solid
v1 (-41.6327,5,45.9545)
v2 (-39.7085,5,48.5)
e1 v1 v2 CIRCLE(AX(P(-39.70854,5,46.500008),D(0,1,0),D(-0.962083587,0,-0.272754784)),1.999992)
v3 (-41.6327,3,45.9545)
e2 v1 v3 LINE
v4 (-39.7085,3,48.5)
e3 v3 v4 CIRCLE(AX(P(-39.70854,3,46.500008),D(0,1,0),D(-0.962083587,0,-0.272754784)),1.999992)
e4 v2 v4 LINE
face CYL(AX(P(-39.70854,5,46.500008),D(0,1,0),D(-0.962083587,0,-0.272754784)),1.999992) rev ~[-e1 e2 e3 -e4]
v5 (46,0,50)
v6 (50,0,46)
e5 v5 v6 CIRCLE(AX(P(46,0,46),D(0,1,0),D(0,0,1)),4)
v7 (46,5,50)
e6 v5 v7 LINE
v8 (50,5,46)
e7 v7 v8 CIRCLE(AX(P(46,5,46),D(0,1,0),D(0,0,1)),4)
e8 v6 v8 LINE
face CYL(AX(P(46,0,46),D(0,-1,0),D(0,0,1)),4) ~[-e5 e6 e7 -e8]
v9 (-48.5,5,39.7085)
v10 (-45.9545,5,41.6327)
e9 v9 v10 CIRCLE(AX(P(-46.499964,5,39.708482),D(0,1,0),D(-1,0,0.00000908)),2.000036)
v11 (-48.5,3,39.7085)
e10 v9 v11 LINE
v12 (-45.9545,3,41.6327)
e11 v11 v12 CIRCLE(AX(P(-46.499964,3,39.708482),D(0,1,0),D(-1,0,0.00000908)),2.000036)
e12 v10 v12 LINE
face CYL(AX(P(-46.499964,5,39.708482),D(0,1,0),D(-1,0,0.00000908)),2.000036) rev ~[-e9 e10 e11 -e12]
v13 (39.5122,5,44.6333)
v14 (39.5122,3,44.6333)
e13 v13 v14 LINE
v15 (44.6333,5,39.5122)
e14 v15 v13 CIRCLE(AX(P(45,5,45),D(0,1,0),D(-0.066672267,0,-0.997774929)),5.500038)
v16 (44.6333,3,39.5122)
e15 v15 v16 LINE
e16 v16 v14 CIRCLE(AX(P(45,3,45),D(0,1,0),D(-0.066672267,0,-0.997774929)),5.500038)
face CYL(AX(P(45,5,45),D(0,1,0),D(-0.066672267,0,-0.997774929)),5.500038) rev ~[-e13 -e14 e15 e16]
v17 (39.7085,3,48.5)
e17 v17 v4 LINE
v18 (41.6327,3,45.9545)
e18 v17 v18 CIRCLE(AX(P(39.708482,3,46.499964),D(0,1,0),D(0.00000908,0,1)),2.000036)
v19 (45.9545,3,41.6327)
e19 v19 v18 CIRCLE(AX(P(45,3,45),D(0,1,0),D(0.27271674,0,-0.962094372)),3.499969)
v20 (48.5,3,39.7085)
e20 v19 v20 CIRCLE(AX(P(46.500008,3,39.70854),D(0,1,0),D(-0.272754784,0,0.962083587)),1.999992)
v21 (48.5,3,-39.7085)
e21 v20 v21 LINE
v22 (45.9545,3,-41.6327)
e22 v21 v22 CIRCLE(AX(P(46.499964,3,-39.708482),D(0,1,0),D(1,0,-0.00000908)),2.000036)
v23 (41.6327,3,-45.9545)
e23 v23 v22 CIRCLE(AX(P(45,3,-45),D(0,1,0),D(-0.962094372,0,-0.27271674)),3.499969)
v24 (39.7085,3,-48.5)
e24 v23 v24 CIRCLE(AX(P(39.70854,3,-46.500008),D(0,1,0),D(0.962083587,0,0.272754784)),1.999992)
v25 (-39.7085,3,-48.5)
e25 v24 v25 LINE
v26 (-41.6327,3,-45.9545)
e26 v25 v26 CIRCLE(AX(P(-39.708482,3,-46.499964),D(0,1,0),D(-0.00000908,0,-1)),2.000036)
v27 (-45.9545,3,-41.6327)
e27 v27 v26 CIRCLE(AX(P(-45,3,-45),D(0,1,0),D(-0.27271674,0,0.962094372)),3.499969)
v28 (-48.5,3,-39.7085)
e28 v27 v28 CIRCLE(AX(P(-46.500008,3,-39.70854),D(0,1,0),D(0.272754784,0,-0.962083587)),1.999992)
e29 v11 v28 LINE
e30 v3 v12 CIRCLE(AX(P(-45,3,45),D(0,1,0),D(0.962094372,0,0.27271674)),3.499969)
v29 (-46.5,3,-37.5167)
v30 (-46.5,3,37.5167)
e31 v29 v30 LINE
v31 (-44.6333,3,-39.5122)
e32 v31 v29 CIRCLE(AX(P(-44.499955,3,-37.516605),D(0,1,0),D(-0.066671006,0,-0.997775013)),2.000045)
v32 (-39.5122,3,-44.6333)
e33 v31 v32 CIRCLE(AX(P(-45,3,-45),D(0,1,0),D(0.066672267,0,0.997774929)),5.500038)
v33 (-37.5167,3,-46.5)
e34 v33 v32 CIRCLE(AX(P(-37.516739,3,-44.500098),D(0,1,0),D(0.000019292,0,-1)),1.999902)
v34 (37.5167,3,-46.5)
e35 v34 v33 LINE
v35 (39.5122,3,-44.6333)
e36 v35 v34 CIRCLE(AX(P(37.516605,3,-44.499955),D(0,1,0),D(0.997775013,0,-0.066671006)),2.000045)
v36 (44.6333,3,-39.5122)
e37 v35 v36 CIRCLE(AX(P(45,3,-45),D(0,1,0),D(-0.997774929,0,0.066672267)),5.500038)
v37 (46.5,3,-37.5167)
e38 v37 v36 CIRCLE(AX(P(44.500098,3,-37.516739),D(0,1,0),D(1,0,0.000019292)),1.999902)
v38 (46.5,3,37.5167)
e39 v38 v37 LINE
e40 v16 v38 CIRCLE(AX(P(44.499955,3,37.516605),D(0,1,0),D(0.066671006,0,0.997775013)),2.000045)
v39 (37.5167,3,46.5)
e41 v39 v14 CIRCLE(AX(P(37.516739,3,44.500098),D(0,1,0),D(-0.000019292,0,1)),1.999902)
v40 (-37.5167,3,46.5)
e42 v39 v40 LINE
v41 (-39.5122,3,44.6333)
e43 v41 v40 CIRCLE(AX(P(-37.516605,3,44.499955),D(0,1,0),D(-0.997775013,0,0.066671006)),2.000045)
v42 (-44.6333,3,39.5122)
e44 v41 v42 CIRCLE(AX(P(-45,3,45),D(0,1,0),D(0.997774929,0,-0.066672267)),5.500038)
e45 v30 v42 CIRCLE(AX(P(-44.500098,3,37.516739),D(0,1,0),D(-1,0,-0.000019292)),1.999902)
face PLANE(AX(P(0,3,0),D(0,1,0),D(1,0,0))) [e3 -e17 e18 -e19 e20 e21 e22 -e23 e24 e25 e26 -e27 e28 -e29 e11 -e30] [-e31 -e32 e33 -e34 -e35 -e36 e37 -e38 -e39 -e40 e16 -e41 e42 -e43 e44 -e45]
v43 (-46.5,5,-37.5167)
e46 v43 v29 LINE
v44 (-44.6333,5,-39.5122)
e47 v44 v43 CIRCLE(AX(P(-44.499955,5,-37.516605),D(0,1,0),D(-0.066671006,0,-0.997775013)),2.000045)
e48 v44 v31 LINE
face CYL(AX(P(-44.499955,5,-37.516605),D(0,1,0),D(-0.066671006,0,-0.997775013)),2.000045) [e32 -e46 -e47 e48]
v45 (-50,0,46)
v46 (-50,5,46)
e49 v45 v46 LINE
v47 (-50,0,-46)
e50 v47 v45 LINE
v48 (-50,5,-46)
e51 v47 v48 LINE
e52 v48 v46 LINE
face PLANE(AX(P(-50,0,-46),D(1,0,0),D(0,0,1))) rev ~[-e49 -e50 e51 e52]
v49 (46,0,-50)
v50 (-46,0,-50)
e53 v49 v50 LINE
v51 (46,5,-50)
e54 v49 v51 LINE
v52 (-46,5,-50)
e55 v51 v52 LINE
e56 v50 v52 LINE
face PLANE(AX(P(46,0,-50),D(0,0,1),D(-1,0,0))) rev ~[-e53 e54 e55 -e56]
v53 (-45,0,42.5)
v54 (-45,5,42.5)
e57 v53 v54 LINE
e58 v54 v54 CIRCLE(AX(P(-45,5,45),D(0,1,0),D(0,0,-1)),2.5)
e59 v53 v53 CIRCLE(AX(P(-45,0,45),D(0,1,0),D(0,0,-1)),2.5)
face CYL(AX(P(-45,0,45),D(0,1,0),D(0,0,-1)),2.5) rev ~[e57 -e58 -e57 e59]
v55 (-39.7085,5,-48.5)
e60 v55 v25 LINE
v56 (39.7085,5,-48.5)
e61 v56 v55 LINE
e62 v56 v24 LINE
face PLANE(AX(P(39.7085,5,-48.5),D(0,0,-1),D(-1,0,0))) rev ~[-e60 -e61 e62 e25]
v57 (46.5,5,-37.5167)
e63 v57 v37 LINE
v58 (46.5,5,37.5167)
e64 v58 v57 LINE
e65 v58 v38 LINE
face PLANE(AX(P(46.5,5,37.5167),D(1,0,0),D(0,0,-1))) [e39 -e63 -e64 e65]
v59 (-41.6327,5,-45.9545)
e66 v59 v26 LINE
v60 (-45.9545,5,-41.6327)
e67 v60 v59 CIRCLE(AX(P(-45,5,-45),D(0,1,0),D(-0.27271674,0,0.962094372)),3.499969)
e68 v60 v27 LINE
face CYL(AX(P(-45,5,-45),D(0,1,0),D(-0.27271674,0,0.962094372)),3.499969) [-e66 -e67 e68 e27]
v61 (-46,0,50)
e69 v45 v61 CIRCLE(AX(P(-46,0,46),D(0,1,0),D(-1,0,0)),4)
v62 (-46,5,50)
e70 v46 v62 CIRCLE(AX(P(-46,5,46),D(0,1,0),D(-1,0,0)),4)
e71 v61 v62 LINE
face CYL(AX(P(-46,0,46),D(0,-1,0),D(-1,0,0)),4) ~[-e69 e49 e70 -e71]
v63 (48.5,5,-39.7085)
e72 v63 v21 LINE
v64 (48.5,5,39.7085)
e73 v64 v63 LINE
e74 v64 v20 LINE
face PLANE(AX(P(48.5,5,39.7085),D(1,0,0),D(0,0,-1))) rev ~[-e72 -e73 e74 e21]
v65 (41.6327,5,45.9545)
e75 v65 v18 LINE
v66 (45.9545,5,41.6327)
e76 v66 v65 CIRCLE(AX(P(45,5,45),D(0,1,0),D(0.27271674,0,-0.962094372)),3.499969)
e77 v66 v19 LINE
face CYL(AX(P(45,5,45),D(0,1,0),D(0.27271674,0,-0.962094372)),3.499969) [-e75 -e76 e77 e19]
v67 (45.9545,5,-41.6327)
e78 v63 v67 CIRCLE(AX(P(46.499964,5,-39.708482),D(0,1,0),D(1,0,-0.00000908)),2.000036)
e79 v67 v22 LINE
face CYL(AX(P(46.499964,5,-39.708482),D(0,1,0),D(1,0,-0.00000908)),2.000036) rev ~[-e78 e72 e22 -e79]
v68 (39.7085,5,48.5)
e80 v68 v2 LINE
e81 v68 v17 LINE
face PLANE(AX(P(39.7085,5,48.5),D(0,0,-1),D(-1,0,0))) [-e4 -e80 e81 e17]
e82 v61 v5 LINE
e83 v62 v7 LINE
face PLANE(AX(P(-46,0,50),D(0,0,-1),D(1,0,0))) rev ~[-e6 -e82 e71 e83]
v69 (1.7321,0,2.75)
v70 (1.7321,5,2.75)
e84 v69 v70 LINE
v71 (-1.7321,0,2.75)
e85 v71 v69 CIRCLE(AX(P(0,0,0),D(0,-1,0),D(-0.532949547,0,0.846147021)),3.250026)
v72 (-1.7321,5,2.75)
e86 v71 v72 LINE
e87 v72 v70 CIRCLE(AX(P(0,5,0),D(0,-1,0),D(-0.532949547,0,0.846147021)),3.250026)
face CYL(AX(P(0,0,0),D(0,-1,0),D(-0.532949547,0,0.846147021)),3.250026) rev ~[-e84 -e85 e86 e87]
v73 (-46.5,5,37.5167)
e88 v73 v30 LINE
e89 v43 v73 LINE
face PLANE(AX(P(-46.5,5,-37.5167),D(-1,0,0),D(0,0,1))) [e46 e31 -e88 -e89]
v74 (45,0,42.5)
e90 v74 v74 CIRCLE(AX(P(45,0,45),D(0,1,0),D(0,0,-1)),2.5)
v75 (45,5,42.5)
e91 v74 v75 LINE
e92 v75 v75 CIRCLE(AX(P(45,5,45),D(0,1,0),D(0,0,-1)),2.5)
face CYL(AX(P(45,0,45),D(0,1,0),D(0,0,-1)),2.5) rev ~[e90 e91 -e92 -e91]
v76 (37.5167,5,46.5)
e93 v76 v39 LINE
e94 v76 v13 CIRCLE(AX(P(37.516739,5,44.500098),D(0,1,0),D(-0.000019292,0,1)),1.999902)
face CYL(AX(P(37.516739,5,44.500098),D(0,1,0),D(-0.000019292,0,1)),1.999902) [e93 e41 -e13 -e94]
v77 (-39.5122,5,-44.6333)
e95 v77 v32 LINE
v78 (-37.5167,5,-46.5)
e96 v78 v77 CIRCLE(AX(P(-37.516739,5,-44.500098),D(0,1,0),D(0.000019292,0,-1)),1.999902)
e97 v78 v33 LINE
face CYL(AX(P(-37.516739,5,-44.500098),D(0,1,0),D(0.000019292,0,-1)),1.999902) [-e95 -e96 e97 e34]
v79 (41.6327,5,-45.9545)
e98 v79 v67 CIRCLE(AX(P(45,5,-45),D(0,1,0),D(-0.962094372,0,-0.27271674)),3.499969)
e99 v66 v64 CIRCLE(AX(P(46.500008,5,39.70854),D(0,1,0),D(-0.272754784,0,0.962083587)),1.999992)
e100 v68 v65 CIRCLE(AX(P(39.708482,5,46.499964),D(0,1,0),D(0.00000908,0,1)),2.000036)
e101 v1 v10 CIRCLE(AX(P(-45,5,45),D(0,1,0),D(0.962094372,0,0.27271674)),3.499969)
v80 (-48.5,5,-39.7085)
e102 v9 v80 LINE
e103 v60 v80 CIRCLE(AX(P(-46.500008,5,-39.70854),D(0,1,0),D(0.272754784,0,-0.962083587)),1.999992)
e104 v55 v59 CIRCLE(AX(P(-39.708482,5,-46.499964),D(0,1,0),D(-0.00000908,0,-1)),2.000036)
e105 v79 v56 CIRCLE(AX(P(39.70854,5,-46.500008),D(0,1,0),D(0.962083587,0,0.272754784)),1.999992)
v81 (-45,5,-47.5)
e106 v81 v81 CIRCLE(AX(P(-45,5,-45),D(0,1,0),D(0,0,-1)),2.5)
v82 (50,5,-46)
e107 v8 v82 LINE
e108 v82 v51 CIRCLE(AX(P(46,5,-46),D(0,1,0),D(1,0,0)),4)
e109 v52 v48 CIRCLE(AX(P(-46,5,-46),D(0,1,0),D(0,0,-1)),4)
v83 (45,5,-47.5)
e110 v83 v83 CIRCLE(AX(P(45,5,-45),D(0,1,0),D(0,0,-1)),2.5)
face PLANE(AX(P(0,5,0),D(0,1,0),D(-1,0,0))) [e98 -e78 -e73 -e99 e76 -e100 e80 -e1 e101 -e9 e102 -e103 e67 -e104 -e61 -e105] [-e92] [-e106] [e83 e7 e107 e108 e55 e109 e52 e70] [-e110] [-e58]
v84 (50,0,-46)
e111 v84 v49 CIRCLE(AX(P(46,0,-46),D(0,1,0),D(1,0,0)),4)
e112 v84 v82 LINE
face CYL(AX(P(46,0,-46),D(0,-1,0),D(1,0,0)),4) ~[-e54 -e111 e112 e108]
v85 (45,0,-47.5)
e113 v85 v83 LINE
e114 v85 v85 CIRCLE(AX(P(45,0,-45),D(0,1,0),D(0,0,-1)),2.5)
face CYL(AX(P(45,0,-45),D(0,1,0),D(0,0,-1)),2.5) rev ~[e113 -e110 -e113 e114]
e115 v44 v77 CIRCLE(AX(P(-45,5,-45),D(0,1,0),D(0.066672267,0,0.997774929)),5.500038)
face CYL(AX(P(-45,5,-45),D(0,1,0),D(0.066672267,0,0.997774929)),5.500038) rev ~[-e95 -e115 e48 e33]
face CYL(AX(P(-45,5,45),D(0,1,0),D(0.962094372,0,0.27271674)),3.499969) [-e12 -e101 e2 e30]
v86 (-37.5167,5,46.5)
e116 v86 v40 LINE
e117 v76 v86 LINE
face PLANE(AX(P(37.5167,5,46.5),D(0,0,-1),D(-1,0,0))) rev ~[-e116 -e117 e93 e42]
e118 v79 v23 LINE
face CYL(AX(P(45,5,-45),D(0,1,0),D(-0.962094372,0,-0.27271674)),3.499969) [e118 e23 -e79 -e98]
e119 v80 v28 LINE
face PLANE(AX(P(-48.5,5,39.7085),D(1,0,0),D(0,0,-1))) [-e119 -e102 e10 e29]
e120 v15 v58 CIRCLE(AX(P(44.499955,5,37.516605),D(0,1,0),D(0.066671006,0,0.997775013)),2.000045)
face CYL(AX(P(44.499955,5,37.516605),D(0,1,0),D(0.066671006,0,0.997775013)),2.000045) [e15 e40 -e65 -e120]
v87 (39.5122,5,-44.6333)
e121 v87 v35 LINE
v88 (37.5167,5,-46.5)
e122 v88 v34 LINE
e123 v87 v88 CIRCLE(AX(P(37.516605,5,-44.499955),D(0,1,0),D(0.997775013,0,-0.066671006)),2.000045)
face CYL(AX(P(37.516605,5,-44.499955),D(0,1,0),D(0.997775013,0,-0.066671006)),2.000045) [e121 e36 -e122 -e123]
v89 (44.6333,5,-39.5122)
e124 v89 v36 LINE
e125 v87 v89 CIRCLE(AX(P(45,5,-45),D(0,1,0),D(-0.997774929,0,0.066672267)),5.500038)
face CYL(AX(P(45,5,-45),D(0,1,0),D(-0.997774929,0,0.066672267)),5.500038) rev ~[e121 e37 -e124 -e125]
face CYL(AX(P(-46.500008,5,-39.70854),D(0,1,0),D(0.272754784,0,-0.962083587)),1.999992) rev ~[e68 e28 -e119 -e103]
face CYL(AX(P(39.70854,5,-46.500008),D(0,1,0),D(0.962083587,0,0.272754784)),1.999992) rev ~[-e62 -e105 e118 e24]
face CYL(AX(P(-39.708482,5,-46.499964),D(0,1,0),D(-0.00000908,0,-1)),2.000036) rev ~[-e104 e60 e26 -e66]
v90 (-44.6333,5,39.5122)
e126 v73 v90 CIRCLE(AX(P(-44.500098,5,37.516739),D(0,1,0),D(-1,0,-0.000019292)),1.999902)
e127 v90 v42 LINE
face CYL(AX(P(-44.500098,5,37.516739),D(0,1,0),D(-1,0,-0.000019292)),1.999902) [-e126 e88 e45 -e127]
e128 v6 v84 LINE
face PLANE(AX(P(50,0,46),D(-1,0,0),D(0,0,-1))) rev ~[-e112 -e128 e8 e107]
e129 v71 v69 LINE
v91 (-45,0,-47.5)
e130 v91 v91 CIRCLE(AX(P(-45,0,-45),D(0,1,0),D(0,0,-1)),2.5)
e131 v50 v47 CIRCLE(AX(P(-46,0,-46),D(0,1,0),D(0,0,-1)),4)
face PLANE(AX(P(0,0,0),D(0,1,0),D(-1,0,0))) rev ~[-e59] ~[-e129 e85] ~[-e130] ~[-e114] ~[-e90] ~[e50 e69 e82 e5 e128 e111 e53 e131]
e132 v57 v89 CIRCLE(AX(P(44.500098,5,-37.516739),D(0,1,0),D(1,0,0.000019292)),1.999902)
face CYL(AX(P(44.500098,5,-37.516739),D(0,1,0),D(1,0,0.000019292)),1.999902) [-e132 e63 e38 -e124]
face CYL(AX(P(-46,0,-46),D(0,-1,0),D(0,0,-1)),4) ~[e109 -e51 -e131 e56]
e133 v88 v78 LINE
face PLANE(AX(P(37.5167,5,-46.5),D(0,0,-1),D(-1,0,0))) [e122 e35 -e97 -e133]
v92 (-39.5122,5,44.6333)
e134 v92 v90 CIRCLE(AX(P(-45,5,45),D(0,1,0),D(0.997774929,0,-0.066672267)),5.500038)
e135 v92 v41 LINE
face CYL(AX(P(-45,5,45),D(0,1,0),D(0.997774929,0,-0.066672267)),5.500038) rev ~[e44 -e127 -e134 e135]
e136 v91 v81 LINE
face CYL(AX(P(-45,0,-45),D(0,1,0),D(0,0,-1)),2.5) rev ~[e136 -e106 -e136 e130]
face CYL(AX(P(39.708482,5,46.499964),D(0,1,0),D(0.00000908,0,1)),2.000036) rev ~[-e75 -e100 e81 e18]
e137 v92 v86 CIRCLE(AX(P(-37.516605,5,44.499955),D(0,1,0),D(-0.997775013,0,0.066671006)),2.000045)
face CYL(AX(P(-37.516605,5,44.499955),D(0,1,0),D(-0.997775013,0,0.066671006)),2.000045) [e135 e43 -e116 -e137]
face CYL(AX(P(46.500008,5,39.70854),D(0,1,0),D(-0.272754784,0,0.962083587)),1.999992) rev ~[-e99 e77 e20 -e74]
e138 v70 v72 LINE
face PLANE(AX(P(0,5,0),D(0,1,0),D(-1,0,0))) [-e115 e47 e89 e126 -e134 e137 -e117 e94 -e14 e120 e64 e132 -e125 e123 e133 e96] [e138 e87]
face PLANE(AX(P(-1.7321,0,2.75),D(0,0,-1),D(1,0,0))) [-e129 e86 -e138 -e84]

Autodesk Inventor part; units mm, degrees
ref_plane "YZ Plane" through (0, 0, 0) normal (1, 0, 0) x (0, 1, 0)
ref_plane "XZ Plane" through (0, 0, 0) normal (0, 1, 0) x (-1, 0, 0)
ref_plane "XY Plane" through (0, 0, 0) normal (0, 0, 1) x (1, 0, 0)
sketch "Sketch2" plane through (0, 0, 0) normal (0, 1, 0) x (-1, 0, 0)
  line L0 (-46, -50) -> (46, -50)
  line L1 (50, -46) -> (50, 46)
  line L2 (46, 50) -> (-46, 50)
  line L3 (-50, 46) -> (-50, -46)
  line L4 (-50, -50) -> (50, 50) construction
  line L5 (50, -50) -> (-50, 50) construction
  arc A0 (50, 46) -> (46, 50) centre (46, 46) ccw
  arc A1 (-46, 50) -> (-50, 46) centre (-46, 46) ccw
  arc A2 (-50, -46) -> (-46, -50) centre (-46, -46) ccw
  arc A3 (46, -50) -> (50, -46) centre (46, -46) ccw
  point P0 (0, 0)
  dimension "d0" = 100
  dimension "d1" = 100
  dimension "d4" = 4
  dimension "d5" = 4
extrude "Extrusion1" add sketch "Sketch2" along normal blind 5
sketch "Sketch3" plane through (0, 0, 0) normal (0, -1, 0) x (1, 0, 0)
  arc A0 (-50, -46) -> (-46, -50) centre (-46, -46) ccw construction
  line L0 (46, -50) -> (-46, -50) construction
  arc A1 (46, -50) -> (50, -46) centre (46, -46) ccw construction
  line L1 (50, 46) -> (50, -46) construction
  arc A2 (50, 46) -> (46, 50) centre (46, 46) ccw construction
  line L2 (-46, 50) -> (46, 50) construction
  arc A3 (-46, 50) -> (-50, 46) centre (-46, 46) ccw construction
  line L3 (-50, -46) -> (-50, 46) construction
  point P0 (0, 0)
  point P1 (-45, 45)
  point P2 (45, 45)
  point P3 (-45, -45)
  point P4 (45, -45)
  dimension "d13" = 5
  dimension "d14" = 5
  dimension "d17" = 90
  dimension "d20" = 90
hole "Hole1" at (-45, 0, 45) at (45, 0, 45) at (45, 0, -45) at (-45, 0, -45) direction (0, 1, 0) diameter 5 depth 14.2 tip angle 118
sketch "Sketch4" plane through (0, 5, 0) normal (0, 1, 0) x (1, 0, 0)
  circle A0 centre (45, 45) radius 2.5 construction
  circle A1 centre (-45, -45) radius 2.5 construction
  circle A2 centre (45, -45) radius 2.5 construction
  circle A3 centre (-45, 45) radius 2.5 construction
  arc A4 (-46, 50) -> (-50, 46) centre (-46, 46) ccw construction
  line L0 (-50, 46) -> (-50, -46) construction
  arc A5 (-50, -46) -> (-46, -50) centre (-46, -46) ccw construction
  line L1 (-46, -50) -> (46, -50) construction
  arc A6 (46, -50) -> (50, -46) centre (46, -46) ccw construction
  line L2 (50, -46) -> (50, 46) construction
  arc A7 (50, 46) -> (46, 50) centre (46, 46) ccw construction
  line L3 (46, 50) -> (-46, 50) construction
  arc A8 (44.6333, -39.5122) -> (39.5122, -44.6333) centre (45, -45) ccw
  arc A9 (45.9545, -41.6327) -> (41.6327, -45.9545) centre (45, -45) ccw
  line L4 (39.7085, -48.5) -> (-39.7085, -48.5)
  line L5 (48.5, -39.7085) -> (48.5, 39.7085)
  line L6 (46.5, -37.5167) -> (46.5, 37.5167)
  line L7 (0, -72.209) -> (0, 64.6676) construction
  line L8 (107.9328, 0) -> (-102.5907, 0) construction
  line L9 (37.5167, -46.5) -> (-37.5167, -46.5)
  arc A10 (-39.5122, -44.6333) -> (-44.6333, -39.5122) centre (-45, -45) ccw
  arc A11 (-41.6327, -45.9545) -> (-45.9545, -41.6327) centre (-45, -45) ccw
  line L10 (-48.5, -39.7085) -> (-48.5, 39.7085)
  line L11 (-46.5, 37.5167) -> (-46.5, -37.5167)
  arc A12 (41.6327, 45.9545) -> (45.9545, 41.6327) centre (45, 45) ccw
  arc A13 (39.5122, 44.6333) -> (44.6333, 39.5122) centre (45, 45) ccw
  line L12 (39.7085, 48.5) -> (-39.7085, 48.5)
  line L13 (37.5167, 46.5) -> (-37.5167, 46.5)
  line L14 (46, 50) -> (-46, 50) construction
  arc A14 (-44.6333, 39.5122) -> (-39.5122, 44.6333) centre (-45, 45) ccw
  arc A15 (-45.9545, 41.6327) -> (-41.6327, 45.9545) centre (-45, 45) ccw
  arc A16 (39.7085, -48.5) -> (41.6327, -45.9545) centre (39.7085, -46.5) ccw
  arc A17 (37.5167, -46.5) -> (39.5122, -44.6333) centre (37.5167, -44.5) ccw
  arc A18 (45.9545, -41.6327) -> (48.5, -39.7085) centre (46.5, -39.7085) ccw
  arc A19 (44.6333, -39.5122) -> (46.5, -37.5167) centre (44.5, -37.5167) ccw
  arc A20 (-41.6327, -45.9545) -> (-39.7085, -48.5) centre (-39.7085, -46.5) ccw
  arc A21 (-39.5122, -44.6333) -> (-37.5167, -46.5) centre (-37.5167, -44.5) ccw
  arc A22 (-48.5, -39.7085) -> (-45.9545, -41.6327) centre (-46.5, -39.7085) ccw
  arc A23 (-46.5, -37.5167) -> (-44.6333, -39.5122) centre (-44.5, -37.5167) ccw
  arc A24 (-44.6333, 39.5122) -> (-46.5, 37.5167) centre (-44.5, 37.5167) ccw
  arc A25 (-45.9545, 41.6327) -> (-48.5, 39.7085) centre (-46.5, 39.7085) ccw
  arc A26 (-39.7085, 48.5) -> (-41.6327, 45.9545) centre (-39.7085, 46.5) ccw
  arc A27 (-37.5167, 46.5) -> (-39.5122, 44.6333) centre (-37.5167, 44.5) ccw
  arc A28 (41.6327, 45.9545) -> (39.7085, 48.5) centre (39.7085, 46.5) ccw
  arc A29 (39.5122, 44.6333) -> (37.5167, 46.5) centre (37.5167, 44.5) ccw
  arc A30 (48.5, 39.7085) -> (45.9545, 41.6327) centre (46.5, 39.7085) ccw
  arc A31 (46.5, 37.5167) -> (44.6333, 39.5122) centre (44.5, 37.5167) ccw
  point P0 (0, 0)
  point P1 (45, -48.5)
  point P2 (39.7085, -46.5)
  point P3 (48.5, -45)
  point P4 (48.5, 45)
  point P5 (46.5, -39.7085)
  point P6 (46.5, 39.7085)
  point P7 (-45, -48.5)
  point P8 (-48.5, -45)
  point P9 (-46.5, 39.7085)
  point P10 (-46.5, -39.7085)
  point P11 (45, 48.5)
  point P12 (-45, 48.5)
  point P13 (39.7085, 46.5)
  point P14 (-39.7085, 46.5)
  point P15 (-48.5, 45)
  dimension "d23" = 5.5
  dimension "d24" = 3.5
  dimension "d25" = 1.5
  dimension "d27" = 1.5
  dimension "d28" = 2
  dimension "d31" = 5.5
  dimension "d32" = 3.5
  dimension "d33" = 2
  dimension "d34" = 1.5
  dimension "d35" = 2
  dimension "d36" = 5.5
  dimension "d37" = 3.5
  dimension "d38" = 1.5
  dimension "d39" = 2
  dimension "d41" = 5.5
  dimension "d42" = 3.5
  dimension "d43" = 2
  dimension "d44" = 2
  dimension "d45" = 2
extrude "Extrusion2" cut sketch "Sketch4" against normal blind 2
sketch "Sketch5" plane through (0, 0, 0) normal (0, -1, 0) x (1, 0, 0)
  circle A0 centre (45, -45) radius 2.5 construction
  circle A1 centre (-45, 45) radius 2.5 construction
  circle A2 centre (45, 45) radius 2.5 construction
  circle A3 centre (-45, -45) radius 2.5 construction
  arc A4 (-50, -46) -> (-46, -50) centre (-46, -46) ccw construction
  line L0 (46, -50) -> (-46, -50) construction
  arc A5 (46, -50) -> (50, -46) centre (46, -46) ccw construction
  line L1 (50, 46) -> (50, -46) construction
  arc A6 (50, 46) -> (46, 50) centre (46, 46) ccw construction
  line L2 (-46, 50) -> (46, 50) construction
  arc A7 (-46, 50) -> (-50, 46) centre (-46, 46) ccw construction
  line L3 (-50, -46) -> (-50, 46) construction
  arc A8 (-1.7321, 2.75) -> (1.7321, 2.75) centre (0, 0) ccw
  line L4 (-1.7321, 2.75) -> (1.7321, 2.75)
  dimension "d48" = 50
  dimension "d49" = 50
  dimension "d50" = 6.5
  dimension "d51" = 6
extrude "Extrusion3" cut sketch "Sketch5" against normal through all
properties part number "P035_FondBoitierv3"
